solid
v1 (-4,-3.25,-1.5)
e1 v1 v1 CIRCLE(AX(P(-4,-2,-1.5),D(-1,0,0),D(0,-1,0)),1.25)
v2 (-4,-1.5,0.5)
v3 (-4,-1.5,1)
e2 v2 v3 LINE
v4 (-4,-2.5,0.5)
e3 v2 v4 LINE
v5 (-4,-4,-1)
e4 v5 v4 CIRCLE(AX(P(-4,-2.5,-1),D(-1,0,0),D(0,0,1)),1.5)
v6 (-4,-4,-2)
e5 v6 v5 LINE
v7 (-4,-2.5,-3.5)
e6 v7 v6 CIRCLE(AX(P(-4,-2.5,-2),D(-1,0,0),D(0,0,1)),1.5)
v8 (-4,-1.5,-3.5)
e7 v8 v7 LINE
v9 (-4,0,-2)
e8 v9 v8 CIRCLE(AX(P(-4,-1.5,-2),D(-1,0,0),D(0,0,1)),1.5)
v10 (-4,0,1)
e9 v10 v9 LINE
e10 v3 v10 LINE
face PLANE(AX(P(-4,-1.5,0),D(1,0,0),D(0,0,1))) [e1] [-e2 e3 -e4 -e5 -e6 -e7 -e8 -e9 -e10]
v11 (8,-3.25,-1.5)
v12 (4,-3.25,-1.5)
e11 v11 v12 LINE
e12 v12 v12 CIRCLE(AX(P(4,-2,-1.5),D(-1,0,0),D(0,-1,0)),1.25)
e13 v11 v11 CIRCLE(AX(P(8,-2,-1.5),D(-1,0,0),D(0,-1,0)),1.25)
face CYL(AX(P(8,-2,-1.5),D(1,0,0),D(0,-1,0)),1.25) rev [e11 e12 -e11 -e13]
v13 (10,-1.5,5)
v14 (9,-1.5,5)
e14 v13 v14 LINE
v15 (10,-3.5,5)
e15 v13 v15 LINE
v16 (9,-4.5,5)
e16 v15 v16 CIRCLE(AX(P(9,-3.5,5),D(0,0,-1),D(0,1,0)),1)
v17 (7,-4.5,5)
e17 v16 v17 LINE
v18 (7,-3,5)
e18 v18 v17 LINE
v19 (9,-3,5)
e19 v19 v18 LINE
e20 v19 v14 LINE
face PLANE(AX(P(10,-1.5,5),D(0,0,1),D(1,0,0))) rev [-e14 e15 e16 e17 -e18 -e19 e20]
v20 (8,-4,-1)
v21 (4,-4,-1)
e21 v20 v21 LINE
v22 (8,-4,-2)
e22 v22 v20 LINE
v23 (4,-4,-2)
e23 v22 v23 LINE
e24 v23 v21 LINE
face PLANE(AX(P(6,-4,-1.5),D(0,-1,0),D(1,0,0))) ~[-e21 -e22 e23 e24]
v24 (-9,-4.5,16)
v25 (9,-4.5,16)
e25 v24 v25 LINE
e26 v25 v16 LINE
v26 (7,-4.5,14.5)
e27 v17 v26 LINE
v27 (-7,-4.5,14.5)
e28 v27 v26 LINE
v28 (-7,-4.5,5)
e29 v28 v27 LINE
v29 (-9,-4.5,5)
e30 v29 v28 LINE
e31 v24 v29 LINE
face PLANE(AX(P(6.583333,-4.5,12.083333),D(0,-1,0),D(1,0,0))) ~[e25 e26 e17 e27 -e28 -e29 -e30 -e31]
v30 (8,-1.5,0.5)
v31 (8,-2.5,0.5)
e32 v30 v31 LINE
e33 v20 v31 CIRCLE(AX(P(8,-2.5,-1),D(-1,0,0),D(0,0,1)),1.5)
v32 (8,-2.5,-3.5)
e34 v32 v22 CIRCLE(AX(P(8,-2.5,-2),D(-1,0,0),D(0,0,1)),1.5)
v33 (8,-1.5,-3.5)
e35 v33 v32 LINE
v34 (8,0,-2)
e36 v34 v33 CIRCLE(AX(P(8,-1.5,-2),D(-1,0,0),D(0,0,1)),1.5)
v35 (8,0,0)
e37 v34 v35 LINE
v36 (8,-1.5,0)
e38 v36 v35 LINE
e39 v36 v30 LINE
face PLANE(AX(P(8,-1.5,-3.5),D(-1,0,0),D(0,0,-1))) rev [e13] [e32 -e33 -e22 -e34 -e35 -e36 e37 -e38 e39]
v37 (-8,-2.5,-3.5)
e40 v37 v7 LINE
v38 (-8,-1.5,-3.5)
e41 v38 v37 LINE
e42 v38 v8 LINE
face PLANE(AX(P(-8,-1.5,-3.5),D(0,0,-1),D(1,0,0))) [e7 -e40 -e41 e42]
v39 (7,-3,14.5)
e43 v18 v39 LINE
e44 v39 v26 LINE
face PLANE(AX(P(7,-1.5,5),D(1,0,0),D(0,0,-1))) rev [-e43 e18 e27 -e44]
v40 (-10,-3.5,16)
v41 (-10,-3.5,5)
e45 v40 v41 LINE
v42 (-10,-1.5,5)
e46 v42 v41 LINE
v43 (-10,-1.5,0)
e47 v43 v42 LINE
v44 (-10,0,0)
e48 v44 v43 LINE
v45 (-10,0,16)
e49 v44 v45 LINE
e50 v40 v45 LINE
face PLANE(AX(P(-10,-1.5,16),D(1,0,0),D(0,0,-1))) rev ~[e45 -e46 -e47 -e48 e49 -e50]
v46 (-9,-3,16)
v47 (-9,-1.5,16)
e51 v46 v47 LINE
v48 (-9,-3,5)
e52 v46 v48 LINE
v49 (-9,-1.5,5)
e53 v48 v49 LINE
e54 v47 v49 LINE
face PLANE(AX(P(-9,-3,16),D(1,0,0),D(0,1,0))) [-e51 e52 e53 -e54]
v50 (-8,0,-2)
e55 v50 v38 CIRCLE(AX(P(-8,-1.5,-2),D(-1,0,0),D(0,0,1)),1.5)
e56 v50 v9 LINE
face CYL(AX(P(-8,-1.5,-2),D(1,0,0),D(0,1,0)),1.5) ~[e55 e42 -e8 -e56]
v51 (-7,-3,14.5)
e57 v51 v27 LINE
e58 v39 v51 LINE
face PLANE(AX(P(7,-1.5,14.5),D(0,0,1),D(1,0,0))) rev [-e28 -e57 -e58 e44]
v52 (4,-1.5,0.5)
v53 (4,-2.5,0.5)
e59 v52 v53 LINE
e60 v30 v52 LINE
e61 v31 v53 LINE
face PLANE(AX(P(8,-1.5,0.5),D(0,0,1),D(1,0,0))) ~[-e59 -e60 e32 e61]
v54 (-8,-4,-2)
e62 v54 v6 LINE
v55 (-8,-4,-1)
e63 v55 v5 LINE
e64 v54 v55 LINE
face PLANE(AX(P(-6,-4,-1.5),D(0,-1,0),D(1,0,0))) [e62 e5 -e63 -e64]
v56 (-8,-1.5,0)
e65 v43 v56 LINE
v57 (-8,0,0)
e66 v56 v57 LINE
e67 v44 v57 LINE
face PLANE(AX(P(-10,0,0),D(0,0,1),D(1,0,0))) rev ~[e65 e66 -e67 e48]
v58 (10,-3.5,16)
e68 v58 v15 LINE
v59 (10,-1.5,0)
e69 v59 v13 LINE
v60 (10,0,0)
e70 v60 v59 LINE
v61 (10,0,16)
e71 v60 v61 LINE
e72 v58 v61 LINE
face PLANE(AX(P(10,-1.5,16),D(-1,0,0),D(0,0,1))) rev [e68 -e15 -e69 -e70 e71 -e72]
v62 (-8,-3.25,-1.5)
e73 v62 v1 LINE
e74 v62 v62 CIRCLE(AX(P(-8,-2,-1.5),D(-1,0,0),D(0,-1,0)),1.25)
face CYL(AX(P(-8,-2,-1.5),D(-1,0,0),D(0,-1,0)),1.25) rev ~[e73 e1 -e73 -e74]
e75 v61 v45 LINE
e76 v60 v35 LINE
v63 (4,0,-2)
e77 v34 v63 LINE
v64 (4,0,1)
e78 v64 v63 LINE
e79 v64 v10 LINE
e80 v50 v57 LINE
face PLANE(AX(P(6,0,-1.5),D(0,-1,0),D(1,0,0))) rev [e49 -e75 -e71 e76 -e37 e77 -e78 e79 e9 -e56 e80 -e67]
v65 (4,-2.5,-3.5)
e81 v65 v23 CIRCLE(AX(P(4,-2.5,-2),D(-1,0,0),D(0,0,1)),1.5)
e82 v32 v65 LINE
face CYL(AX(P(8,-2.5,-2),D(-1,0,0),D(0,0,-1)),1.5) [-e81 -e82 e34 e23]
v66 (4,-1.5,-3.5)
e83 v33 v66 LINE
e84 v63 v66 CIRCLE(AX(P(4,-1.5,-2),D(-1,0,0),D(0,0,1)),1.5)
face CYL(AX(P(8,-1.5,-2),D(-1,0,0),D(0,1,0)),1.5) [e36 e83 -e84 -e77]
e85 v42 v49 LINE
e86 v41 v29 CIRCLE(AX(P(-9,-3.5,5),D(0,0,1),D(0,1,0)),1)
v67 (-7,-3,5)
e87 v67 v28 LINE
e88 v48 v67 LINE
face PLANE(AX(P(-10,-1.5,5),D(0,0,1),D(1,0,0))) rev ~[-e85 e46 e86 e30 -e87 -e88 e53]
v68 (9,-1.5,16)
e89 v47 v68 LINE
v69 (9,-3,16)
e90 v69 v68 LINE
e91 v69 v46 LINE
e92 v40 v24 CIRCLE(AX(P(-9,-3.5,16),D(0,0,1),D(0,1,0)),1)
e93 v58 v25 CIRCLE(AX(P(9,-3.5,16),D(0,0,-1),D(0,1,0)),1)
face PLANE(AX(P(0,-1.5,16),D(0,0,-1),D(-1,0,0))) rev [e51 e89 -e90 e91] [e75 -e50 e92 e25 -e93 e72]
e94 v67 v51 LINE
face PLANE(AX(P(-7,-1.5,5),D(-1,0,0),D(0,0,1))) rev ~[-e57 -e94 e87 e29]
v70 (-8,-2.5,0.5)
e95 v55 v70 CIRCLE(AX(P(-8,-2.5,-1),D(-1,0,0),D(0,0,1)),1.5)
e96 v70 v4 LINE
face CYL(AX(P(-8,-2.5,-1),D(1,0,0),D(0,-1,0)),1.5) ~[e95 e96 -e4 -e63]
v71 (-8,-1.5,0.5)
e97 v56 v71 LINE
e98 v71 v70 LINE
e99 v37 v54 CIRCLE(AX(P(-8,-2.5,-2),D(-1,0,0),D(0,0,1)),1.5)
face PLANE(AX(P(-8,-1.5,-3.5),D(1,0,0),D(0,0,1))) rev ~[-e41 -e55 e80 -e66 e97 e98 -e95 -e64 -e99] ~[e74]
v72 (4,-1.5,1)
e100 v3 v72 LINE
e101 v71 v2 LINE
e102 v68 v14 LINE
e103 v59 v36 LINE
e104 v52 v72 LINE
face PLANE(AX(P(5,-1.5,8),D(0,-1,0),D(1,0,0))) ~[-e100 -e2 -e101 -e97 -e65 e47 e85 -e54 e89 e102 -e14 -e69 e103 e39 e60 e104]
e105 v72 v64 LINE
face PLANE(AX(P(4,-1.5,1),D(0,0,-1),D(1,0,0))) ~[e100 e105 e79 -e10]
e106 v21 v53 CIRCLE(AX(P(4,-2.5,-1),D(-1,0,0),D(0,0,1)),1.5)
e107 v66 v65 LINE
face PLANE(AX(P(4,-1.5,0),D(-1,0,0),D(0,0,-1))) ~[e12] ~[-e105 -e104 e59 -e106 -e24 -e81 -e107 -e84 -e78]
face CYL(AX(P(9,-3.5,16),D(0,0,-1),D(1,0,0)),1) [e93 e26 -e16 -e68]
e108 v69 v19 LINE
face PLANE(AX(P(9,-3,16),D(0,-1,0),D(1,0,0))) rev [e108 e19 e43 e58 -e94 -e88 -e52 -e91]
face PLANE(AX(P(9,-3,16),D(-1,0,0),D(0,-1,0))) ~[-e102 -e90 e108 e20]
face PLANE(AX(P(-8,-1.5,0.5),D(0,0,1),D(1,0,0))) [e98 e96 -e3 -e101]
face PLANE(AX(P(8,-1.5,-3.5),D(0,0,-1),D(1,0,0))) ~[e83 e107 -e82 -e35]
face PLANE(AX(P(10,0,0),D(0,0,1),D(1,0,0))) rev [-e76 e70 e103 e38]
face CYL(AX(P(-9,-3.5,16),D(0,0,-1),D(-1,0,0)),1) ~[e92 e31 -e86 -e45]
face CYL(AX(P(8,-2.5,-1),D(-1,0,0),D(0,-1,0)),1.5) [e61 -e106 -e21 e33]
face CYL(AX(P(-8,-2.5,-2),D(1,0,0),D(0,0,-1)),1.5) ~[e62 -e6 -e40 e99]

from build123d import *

# Parameters (mm, degrees)
F0_W          = 10
F0_H          = 16
F1_DEPTH      = 1.5
F2_W          = 4
F2_H          = 4
F3_DEPTH      = 2.5
F3_DEPTH_BACK = 1.5
F4_R          = 1.5
F5_R          = 1.25
F6_DEPTH      = 8.001
F8_DEPTH      = 3
F10_R         = 1
F9_W          = 9
F9_H          = 1.5
F11_DEPTH     = 11.001
F12_W         = 4
F12_H         = 1
F13_DEPTH     = 1.5


with BuildPart() as f1:
    # F0 (on Front) → F1 (new body)
    with BuildSketch(Plane.XZ):
        with Locations((-5, 8)):
            Rectangle(F0_W, F0_H)
    extrude(amount=F1_DEPTH)

    # F2 (on face) → F3 (join, two sides)
    with BuildSketch(Plane.XZ.offset(1.5)) as f3_sk:
        with Locations((-6, -1.5)):
            Rectangle(F2_W, F2_H)
    extrude(amount=F3_DEPTH)
    extrude(f3_sk.sketch, amount=-F3_DEPTH_BACK)

    # F4
    f4_edges = [f1.edges().sort_by_distance(p)[0] for p in [
        (-6, 0, -3.5),
        (-6, -4, -3.5),
        (-6, -4, 0.5),
    ]]
    fillet(f4_edges, radius=F4_R)

    # F5 (on face) → F6 (cut, through all)
    with BuildSketch(Plane(origin=(-8, 0, 0), x_dir=(0, -1, 0), z_dir=(-1, 0, 0))):
        with Locations((2, -1.5)):
            Circle(F5_R)
    extrude(amount=-F6_DEPTH, mode=Mode.SUBTRACT)

    # F7 (on face) → F8 (join)
    with BuildSketch(Plane.XZ.offset(1.5)):
        Polygon((-10, 16), (-10, 5), (-7, 5), (-7, 14.5), (0, 14.5), (0, 16), align=None)
    extrude(amount=F8_DEPTH)

    # F10
    f10_edges = [f1.edges().sort_by_distance(p)[0] for p in [
        (-10, -4.5, 10.5),
    ]]
    fillet(f10_edges, radius=F10_R)

    # F9 (on face) → F11 (cut, through all)
    with BuildSketch(Plane.XY.offset(16)):
        with Locations((-4.5, -2.25)):
            Rectangle(F9_W, F9_H)
    extrude(amount=-F11_DEPTH, mode=Mode.SUBTRACT)

    # F12 (on face) → F13 (cut)
    with BuildSketch(Plane.XZ.offset(1.5)):
        with Locations((-2, 0.5)):
            Rectangle(F12_W, F12_H)
    extrude(amount=-F13_DEPTH, mode=Mode.SUBTRACT)

    # F14: F1 across plane


with BuildPart() as f1_1:
    add(f1.part)
    add(f1.part.mirror(Plane.YZ))


solid = f1_1.part
